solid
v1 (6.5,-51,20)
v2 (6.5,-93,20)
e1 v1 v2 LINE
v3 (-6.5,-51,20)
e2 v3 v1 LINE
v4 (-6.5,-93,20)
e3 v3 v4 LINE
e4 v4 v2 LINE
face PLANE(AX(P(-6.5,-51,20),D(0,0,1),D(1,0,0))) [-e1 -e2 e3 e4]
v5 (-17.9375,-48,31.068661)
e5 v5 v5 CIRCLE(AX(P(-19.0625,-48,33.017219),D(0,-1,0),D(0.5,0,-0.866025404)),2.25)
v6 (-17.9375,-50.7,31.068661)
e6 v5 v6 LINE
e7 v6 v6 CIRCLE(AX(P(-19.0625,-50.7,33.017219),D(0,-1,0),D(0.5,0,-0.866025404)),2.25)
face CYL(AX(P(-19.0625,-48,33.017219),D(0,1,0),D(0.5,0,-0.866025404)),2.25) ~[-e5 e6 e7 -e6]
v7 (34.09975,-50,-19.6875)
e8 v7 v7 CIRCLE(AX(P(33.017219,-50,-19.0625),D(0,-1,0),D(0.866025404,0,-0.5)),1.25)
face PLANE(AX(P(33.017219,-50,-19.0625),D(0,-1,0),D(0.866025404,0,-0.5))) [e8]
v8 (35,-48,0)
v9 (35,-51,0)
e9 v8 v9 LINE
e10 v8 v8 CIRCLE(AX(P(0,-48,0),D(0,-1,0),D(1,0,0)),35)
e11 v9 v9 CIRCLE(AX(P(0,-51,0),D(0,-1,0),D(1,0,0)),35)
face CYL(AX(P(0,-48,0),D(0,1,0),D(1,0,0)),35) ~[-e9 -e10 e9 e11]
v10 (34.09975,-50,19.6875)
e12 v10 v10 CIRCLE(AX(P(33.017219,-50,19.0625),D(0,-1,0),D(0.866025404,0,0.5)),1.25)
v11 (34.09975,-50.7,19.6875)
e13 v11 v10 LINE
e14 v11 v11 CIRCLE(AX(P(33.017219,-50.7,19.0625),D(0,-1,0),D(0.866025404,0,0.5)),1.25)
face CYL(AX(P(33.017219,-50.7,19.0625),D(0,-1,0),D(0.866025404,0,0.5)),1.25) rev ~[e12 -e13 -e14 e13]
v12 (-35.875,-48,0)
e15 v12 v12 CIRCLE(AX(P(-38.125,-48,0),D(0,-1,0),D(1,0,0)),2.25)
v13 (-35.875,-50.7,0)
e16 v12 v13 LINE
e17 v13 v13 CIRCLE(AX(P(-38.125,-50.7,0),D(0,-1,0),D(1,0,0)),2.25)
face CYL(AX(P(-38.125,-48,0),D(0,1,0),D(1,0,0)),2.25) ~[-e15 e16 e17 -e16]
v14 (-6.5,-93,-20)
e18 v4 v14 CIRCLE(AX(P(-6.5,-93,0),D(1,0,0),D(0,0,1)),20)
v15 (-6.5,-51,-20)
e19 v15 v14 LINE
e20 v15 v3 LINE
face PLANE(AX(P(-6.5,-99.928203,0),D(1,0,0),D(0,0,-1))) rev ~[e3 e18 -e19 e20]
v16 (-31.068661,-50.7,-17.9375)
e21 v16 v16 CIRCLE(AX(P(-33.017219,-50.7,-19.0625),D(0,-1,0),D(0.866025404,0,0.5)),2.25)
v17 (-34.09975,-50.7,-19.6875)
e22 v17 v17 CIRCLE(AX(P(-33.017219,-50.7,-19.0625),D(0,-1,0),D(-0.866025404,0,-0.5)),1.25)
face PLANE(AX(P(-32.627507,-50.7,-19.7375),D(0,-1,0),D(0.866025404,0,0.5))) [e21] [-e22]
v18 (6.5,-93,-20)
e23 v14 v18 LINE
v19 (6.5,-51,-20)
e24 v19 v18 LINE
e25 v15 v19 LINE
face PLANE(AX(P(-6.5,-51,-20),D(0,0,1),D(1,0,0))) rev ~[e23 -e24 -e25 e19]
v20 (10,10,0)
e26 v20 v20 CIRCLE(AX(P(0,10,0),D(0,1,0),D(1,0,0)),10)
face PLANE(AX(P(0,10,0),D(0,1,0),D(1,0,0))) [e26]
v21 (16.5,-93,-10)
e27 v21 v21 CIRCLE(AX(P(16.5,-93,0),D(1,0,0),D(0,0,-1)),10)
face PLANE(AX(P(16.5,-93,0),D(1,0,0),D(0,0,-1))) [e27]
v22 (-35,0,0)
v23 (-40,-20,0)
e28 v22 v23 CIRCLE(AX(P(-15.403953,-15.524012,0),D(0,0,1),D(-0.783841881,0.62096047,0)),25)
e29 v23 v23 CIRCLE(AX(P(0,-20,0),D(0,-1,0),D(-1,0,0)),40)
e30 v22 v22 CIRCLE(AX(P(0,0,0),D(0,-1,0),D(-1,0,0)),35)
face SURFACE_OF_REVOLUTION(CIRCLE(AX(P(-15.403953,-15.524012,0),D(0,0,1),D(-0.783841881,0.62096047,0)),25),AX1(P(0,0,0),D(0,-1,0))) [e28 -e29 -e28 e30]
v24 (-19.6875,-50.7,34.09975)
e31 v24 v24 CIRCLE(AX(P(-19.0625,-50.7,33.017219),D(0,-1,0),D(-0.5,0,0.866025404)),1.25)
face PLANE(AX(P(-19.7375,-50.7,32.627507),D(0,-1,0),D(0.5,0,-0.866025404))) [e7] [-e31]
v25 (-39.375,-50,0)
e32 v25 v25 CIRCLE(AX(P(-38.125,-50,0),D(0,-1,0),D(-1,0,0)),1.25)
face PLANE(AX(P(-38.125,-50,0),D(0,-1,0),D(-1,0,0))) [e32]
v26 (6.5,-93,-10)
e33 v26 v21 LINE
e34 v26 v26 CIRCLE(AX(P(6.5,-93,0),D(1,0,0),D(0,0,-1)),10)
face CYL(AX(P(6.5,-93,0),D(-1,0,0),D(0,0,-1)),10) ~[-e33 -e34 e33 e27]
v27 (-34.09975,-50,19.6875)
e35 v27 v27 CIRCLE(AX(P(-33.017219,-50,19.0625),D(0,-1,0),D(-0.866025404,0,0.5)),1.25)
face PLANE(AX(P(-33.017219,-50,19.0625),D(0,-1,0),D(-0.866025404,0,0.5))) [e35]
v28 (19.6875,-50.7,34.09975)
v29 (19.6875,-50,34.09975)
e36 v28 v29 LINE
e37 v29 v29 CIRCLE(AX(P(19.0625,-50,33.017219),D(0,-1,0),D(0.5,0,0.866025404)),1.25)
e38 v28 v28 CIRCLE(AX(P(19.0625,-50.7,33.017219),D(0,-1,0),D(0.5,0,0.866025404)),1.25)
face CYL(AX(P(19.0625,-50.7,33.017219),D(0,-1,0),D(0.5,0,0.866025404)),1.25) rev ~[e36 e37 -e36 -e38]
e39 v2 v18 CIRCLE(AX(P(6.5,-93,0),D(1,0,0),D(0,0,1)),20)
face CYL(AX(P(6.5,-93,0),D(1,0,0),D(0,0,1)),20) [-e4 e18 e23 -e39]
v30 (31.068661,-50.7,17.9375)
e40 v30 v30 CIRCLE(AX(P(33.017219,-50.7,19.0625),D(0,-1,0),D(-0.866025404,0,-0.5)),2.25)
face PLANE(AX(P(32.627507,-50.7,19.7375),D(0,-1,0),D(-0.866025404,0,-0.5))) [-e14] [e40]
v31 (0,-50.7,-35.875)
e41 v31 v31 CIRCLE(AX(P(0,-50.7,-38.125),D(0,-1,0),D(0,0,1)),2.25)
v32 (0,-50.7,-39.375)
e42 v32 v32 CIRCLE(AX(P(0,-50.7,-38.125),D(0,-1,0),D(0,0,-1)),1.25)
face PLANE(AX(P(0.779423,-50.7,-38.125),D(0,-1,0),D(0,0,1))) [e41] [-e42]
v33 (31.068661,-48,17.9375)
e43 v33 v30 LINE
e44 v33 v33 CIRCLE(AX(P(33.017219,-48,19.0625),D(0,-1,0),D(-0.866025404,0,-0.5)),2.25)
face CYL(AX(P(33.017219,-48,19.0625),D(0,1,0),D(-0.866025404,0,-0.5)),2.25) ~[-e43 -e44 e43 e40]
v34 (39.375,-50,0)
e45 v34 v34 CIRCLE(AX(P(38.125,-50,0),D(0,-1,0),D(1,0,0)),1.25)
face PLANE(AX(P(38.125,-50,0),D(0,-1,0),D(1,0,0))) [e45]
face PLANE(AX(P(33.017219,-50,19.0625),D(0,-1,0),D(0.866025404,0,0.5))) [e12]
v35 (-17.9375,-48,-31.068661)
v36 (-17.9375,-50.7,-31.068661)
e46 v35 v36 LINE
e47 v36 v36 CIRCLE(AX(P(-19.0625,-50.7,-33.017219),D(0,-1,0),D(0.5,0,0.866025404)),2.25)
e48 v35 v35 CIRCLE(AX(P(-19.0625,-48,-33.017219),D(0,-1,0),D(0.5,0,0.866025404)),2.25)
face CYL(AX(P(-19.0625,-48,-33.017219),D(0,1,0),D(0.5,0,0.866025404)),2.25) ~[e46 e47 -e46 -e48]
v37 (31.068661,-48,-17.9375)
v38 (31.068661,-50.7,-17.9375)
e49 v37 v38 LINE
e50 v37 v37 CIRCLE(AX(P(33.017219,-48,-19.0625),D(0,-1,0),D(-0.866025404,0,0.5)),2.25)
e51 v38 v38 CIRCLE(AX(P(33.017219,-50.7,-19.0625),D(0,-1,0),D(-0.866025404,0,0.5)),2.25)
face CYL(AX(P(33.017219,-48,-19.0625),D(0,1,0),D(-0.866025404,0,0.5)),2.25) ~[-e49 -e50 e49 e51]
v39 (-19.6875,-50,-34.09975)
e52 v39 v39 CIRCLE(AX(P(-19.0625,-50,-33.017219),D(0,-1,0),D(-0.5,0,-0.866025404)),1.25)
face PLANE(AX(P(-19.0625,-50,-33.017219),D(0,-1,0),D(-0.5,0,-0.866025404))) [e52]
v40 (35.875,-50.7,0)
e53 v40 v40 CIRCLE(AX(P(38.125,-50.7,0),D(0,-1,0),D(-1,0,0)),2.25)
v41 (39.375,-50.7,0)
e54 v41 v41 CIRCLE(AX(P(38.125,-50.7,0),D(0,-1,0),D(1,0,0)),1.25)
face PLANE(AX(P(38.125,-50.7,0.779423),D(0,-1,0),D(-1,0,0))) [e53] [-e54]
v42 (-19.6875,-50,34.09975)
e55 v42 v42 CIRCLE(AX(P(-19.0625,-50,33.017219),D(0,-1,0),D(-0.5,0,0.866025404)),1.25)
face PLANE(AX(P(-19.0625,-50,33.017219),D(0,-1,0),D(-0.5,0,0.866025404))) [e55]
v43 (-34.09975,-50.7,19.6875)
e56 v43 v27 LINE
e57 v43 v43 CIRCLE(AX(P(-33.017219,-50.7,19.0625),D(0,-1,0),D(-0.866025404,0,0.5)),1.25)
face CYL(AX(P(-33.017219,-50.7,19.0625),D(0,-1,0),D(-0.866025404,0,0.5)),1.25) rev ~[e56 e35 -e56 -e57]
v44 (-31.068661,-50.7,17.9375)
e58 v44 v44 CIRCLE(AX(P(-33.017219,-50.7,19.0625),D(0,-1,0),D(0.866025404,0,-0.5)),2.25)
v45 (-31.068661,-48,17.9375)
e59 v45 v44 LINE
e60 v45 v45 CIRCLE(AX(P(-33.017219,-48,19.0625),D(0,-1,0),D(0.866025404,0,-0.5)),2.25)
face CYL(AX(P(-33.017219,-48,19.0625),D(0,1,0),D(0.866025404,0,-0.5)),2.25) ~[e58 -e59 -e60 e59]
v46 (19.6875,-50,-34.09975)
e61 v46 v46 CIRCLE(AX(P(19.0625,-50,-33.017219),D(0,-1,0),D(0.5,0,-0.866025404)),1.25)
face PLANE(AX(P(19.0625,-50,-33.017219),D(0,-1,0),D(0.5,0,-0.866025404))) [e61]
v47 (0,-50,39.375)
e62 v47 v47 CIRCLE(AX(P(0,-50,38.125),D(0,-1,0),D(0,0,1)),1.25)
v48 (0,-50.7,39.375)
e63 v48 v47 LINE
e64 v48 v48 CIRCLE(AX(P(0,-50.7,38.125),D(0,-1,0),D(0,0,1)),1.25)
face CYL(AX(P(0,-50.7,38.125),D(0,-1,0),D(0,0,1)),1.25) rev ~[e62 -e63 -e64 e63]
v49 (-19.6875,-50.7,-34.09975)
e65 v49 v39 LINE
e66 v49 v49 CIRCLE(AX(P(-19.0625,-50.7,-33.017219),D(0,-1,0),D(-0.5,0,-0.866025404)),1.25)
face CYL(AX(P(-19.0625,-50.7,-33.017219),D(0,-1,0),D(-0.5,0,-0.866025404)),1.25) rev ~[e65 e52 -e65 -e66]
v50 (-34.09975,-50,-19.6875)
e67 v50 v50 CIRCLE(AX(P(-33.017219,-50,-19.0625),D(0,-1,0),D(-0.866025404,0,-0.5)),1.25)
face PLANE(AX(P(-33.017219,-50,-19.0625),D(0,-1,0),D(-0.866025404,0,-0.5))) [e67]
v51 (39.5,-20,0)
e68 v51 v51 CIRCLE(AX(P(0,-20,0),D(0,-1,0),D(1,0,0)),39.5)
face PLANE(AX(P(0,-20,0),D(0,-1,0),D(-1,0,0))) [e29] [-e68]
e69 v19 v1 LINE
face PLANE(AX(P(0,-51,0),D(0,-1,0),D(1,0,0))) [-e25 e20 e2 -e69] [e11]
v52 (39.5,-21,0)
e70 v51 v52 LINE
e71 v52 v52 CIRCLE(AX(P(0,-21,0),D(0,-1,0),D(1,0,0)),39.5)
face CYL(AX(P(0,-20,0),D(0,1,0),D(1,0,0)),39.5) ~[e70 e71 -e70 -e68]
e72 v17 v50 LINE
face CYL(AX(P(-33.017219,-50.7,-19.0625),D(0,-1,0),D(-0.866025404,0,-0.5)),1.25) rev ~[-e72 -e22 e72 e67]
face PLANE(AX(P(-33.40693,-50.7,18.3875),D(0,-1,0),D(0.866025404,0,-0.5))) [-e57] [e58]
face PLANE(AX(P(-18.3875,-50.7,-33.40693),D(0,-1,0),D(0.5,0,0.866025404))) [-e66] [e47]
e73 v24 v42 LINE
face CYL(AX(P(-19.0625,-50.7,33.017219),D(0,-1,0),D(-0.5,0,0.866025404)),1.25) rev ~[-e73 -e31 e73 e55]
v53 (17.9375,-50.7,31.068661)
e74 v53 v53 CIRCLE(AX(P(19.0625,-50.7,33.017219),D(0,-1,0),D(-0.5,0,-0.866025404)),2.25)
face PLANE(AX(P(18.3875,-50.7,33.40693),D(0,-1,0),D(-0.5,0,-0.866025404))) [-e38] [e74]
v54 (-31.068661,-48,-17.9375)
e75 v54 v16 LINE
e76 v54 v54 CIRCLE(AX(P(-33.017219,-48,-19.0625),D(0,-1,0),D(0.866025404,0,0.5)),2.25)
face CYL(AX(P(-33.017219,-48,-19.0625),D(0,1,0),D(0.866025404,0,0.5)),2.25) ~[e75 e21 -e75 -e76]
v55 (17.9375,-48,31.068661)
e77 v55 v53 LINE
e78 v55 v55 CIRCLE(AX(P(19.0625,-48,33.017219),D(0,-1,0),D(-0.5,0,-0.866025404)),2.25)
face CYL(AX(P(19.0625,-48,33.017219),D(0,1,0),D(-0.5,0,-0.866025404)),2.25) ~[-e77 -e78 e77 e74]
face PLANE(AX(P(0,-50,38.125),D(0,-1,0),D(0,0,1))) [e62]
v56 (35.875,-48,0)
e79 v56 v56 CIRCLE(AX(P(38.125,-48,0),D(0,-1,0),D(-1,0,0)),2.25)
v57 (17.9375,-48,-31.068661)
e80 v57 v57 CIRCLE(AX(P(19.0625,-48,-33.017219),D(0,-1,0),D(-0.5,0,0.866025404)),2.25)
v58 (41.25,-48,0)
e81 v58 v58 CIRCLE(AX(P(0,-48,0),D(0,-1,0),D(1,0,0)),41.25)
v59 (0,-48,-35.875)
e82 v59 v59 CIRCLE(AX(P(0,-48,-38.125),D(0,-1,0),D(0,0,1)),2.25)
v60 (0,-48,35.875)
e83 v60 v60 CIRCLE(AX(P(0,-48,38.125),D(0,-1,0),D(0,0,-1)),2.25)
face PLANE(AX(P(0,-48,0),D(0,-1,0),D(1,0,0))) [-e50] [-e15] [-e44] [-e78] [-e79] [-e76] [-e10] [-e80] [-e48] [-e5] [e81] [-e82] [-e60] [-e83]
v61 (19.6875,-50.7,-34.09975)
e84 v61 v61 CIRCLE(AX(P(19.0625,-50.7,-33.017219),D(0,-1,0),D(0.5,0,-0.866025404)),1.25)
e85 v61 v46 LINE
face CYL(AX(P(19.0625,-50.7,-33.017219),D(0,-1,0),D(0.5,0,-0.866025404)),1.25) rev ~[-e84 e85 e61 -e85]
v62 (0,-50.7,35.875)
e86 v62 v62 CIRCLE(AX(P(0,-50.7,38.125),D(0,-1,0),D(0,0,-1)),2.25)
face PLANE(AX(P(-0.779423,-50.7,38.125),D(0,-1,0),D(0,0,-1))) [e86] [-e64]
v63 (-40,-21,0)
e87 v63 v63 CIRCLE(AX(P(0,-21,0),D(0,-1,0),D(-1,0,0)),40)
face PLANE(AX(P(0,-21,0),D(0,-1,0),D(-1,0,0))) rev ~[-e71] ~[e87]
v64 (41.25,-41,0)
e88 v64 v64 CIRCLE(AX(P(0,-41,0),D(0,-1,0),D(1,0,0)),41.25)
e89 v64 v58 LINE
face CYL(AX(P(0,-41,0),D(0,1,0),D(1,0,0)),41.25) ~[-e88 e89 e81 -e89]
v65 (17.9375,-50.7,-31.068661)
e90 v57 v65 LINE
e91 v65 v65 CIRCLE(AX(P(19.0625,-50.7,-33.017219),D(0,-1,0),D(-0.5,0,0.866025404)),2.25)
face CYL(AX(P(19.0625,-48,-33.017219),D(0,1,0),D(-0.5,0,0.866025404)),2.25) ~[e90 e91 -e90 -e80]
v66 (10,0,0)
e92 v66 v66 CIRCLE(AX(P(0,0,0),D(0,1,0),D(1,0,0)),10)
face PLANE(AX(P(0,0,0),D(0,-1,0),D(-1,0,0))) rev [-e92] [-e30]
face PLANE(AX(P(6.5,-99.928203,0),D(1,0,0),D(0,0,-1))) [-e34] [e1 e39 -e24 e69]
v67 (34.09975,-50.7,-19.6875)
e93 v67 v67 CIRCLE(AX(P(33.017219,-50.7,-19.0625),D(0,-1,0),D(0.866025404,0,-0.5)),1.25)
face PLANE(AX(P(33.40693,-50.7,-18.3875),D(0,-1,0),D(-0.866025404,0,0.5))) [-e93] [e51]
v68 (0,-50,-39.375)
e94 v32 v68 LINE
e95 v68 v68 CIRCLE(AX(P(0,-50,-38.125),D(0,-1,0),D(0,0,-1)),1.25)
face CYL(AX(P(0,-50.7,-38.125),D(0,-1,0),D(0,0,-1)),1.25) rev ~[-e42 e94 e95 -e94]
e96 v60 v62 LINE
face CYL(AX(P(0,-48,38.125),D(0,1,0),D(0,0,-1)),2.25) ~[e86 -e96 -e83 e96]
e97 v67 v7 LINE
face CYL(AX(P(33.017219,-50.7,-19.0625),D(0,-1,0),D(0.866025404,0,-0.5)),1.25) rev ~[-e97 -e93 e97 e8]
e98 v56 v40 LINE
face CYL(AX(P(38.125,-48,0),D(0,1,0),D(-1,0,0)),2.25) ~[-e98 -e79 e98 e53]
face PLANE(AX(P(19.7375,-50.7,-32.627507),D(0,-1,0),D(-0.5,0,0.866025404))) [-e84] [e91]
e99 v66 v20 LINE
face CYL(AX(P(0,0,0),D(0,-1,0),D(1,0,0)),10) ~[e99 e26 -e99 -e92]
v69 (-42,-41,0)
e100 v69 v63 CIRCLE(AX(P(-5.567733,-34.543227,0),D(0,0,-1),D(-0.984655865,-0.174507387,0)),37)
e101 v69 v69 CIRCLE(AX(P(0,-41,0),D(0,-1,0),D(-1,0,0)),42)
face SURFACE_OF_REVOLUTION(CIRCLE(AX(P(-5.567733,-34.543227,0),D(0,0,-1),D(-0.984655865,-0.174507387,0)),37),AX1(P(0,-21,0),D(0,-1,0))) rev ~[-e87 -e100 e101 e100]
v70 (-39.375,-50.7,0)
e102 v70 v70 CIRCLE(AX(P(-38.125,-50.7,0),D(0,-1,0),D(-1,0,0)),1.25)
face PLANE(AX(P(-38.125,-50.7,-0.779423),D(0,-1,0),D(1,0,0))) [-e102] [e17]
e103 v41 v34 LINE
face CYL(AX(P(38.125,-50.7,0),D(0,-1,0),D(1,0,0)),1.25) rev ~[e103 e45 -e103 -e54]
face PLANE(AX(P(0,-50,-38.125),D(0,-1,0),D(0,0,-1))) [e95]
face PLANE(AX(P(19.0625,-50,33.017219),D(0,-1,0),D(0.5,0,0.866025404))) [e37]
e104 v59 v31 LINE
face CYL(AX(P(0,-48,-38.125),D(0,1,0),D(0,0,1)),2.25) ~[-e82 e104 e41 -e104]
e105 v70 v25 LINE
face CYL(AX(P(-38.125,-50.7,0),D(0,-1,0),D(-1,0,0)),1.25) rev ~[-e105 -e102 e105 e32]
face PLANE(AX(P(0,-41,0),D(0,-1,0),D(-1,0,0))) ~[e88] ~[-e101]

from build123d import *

# Parameters (mm, degrees)
SKETCH2_R           = 39.5
BOSS_EXTRUDE1_DEPTH = 1
SKETCH5_R           = 41.25
BOSS_EXTRUDE2_DEPTH = 7
SKETCH6_R           = 35
BOSS_EXTRUDE3_DEPTH = 3
BOSS_EXTRUDE4_DEPTH = 2.7
SKETCH8_R           = 1.25
CUT_EXTRUDE1_DEPTH  = 0.7
CIRPATTERN1_COUNT   = 12
SKETCH9_W           = 13
SKETCH9_H           = 40
BOSS_EXTRUDE5_DEPTH = 42
BOSS_EXTRUDE7_DEPTH = 13
SKETCH13_R          = 10
BOSS_EXTRUDE8_DEPTH = 10
SKETCH14_R          = 10
BOSS_EXTRUDE9_DEPTH = 10


with BuildPart() as part:
    # Sketch1 → Revolve1 (revolve)
    with BuildSketch(Plane.XY):
        with BuildLine():
            Line((0, 0), (-35, 0))
            ThreePointArc((-35, 0), (-39.657515479, -9.46062113), (-40, -20))
            Line((-40, -20), (0, -20))
            Line((0, -20), (0, 0))
        make_face()
    revolve(axis=Axis((0, 0, 0), (0, -1, 0)))

    # Sketch2 → Boss-Extrude1 (add)
    with BuildSketch(Plane.XZ.offset(20)):
        Circle(SKETCH2_R)
    extrude(amount=BOSS_EXTRUDE1_DEPTH)

    # Sketch4 → Revolve2 (revolve)
    with BuildSketch(Plane.XY):
        with BuildLine():
            Line((0, -21), (0, -41))
            Line((0, -41), (-42, -41))
            ThreePointArc((-42, -41), (-42.384109041, -30.861589096), (-40, -21))
            Line((-40, -21), (0, -21))
        make_face()
    revolve(axis=Axis((0, -21, 0), (0, -1, 0)))

    # Sketch5 → Boss-Extrude2 (add)
    with BuildSketch(Plane.XZ.offset(41)):
        Circle(SKETCH5_R)
    extrude(amount=BOSS_EXTRUDE2_DEPTH)

    # Sketch6 → Boss-Extrude3 (add)
    with BuildSketch(Plane.XZ.offset(48)):
        Circle(SKETCH6_R)
    extrude(amount=BOSS_EXTRUDE3_DEPTH)

    # Sketch7 → Boss-Extrude4 (add)
    with BuildSketch(Plane(origin=(0, -48, 0), x_dir=(-1, 0, 0), z_dir=(0, -1, 0))):
        with BuildLine():
            ThreePointArc((-40.375, 0), (-38.125, -2.25), (-35.875, 0))
            Line((-35.875, 0), (-40.375, 0))
        make_face()
        with BuildLine():
            Line((-40.375, 0), (-35.875, 0))
            ThreePointArc((-35.875, 0), (-38.125, 2.25), (-40.375, 0))
        make_face()
    boss_extrude4 = extrude(amount=BOSS_EXTRUDE4_DEPTH)

    # Sketch8 → Cut-Extrude1 (cut)
    with BuildSketch(Plane.XZ.offset(50.7)):
        with Locations((38.125, 0)):
            Circle(SKETCH8_R)
    cut_extrude1 = extrude(amount=-CUT_EXTRUDE1_DEPTH, mode=Mode.SUBTRACT)

    # CirPattern1: Boss-Extrude4, Cut-Extrude1 ×12 about axis
    cirpattern1_axis = Axis((0, 0, 0), (0, 1, 0))
    for i in range(1, CIRPATTERN1_COUNT):
        add(boss_extrude4.rotate(cirpattern1_axis, i * 360 / CIRPATTERN1_COUNT))
        add(cut_extrude1.rotate(cirpattern1_axis, i * 360 / CIRPATTERN1_COUNT), mode=Mode.SUBTRACT)

    # Sketch9 → Boss-Extrude5 (add)
    with BuildSketch(Plane.XZ.offset(51)):
        Rectangle(SKETCH9_W, SKETCH9_H)
    extrude(amount=BOSS_EXTRUDE5_DEPTH)

    # Sketch12 → Boss-Extrude7 (add)
    with BuildSketch(Plane(origin=(6.5, 0, 0), x_dir=(0, 0, -1), z_dir=(1, 0, 0))):
        with BuildLine():
            Line((20, -93), (-20, -93))
            ThreePointArc((-20, -93), (0, -113), (20, -93))
        make_face()
    extrude(amount=-BOSS_EXTRUDE7_DEPTH)

    # Sketch13 → Boss-Extrude8 (add)
    with BuildSketch(Plane(origin=(6.5, 0, 0), x_dir=(0, 0, -1), z_dir=(1, 0, 0))):
        with Locations((0, -93)):
            Circle(SKETCH13_R)
    extrude(amount=BOSS_EXTRUDE8_DEPTH)

    # Sketch14 → Boss-Extrude9 (add)
    with BuildSketch(Plane(origin=(0, 0, 0), x_dir=(1, 0, 0), z_dir=(0, 1, 0))):
        Circle(SKETCH14_R)
    extrude(amount=BOSS_EXTRUDE9_DEPTH)


solid = part.part
